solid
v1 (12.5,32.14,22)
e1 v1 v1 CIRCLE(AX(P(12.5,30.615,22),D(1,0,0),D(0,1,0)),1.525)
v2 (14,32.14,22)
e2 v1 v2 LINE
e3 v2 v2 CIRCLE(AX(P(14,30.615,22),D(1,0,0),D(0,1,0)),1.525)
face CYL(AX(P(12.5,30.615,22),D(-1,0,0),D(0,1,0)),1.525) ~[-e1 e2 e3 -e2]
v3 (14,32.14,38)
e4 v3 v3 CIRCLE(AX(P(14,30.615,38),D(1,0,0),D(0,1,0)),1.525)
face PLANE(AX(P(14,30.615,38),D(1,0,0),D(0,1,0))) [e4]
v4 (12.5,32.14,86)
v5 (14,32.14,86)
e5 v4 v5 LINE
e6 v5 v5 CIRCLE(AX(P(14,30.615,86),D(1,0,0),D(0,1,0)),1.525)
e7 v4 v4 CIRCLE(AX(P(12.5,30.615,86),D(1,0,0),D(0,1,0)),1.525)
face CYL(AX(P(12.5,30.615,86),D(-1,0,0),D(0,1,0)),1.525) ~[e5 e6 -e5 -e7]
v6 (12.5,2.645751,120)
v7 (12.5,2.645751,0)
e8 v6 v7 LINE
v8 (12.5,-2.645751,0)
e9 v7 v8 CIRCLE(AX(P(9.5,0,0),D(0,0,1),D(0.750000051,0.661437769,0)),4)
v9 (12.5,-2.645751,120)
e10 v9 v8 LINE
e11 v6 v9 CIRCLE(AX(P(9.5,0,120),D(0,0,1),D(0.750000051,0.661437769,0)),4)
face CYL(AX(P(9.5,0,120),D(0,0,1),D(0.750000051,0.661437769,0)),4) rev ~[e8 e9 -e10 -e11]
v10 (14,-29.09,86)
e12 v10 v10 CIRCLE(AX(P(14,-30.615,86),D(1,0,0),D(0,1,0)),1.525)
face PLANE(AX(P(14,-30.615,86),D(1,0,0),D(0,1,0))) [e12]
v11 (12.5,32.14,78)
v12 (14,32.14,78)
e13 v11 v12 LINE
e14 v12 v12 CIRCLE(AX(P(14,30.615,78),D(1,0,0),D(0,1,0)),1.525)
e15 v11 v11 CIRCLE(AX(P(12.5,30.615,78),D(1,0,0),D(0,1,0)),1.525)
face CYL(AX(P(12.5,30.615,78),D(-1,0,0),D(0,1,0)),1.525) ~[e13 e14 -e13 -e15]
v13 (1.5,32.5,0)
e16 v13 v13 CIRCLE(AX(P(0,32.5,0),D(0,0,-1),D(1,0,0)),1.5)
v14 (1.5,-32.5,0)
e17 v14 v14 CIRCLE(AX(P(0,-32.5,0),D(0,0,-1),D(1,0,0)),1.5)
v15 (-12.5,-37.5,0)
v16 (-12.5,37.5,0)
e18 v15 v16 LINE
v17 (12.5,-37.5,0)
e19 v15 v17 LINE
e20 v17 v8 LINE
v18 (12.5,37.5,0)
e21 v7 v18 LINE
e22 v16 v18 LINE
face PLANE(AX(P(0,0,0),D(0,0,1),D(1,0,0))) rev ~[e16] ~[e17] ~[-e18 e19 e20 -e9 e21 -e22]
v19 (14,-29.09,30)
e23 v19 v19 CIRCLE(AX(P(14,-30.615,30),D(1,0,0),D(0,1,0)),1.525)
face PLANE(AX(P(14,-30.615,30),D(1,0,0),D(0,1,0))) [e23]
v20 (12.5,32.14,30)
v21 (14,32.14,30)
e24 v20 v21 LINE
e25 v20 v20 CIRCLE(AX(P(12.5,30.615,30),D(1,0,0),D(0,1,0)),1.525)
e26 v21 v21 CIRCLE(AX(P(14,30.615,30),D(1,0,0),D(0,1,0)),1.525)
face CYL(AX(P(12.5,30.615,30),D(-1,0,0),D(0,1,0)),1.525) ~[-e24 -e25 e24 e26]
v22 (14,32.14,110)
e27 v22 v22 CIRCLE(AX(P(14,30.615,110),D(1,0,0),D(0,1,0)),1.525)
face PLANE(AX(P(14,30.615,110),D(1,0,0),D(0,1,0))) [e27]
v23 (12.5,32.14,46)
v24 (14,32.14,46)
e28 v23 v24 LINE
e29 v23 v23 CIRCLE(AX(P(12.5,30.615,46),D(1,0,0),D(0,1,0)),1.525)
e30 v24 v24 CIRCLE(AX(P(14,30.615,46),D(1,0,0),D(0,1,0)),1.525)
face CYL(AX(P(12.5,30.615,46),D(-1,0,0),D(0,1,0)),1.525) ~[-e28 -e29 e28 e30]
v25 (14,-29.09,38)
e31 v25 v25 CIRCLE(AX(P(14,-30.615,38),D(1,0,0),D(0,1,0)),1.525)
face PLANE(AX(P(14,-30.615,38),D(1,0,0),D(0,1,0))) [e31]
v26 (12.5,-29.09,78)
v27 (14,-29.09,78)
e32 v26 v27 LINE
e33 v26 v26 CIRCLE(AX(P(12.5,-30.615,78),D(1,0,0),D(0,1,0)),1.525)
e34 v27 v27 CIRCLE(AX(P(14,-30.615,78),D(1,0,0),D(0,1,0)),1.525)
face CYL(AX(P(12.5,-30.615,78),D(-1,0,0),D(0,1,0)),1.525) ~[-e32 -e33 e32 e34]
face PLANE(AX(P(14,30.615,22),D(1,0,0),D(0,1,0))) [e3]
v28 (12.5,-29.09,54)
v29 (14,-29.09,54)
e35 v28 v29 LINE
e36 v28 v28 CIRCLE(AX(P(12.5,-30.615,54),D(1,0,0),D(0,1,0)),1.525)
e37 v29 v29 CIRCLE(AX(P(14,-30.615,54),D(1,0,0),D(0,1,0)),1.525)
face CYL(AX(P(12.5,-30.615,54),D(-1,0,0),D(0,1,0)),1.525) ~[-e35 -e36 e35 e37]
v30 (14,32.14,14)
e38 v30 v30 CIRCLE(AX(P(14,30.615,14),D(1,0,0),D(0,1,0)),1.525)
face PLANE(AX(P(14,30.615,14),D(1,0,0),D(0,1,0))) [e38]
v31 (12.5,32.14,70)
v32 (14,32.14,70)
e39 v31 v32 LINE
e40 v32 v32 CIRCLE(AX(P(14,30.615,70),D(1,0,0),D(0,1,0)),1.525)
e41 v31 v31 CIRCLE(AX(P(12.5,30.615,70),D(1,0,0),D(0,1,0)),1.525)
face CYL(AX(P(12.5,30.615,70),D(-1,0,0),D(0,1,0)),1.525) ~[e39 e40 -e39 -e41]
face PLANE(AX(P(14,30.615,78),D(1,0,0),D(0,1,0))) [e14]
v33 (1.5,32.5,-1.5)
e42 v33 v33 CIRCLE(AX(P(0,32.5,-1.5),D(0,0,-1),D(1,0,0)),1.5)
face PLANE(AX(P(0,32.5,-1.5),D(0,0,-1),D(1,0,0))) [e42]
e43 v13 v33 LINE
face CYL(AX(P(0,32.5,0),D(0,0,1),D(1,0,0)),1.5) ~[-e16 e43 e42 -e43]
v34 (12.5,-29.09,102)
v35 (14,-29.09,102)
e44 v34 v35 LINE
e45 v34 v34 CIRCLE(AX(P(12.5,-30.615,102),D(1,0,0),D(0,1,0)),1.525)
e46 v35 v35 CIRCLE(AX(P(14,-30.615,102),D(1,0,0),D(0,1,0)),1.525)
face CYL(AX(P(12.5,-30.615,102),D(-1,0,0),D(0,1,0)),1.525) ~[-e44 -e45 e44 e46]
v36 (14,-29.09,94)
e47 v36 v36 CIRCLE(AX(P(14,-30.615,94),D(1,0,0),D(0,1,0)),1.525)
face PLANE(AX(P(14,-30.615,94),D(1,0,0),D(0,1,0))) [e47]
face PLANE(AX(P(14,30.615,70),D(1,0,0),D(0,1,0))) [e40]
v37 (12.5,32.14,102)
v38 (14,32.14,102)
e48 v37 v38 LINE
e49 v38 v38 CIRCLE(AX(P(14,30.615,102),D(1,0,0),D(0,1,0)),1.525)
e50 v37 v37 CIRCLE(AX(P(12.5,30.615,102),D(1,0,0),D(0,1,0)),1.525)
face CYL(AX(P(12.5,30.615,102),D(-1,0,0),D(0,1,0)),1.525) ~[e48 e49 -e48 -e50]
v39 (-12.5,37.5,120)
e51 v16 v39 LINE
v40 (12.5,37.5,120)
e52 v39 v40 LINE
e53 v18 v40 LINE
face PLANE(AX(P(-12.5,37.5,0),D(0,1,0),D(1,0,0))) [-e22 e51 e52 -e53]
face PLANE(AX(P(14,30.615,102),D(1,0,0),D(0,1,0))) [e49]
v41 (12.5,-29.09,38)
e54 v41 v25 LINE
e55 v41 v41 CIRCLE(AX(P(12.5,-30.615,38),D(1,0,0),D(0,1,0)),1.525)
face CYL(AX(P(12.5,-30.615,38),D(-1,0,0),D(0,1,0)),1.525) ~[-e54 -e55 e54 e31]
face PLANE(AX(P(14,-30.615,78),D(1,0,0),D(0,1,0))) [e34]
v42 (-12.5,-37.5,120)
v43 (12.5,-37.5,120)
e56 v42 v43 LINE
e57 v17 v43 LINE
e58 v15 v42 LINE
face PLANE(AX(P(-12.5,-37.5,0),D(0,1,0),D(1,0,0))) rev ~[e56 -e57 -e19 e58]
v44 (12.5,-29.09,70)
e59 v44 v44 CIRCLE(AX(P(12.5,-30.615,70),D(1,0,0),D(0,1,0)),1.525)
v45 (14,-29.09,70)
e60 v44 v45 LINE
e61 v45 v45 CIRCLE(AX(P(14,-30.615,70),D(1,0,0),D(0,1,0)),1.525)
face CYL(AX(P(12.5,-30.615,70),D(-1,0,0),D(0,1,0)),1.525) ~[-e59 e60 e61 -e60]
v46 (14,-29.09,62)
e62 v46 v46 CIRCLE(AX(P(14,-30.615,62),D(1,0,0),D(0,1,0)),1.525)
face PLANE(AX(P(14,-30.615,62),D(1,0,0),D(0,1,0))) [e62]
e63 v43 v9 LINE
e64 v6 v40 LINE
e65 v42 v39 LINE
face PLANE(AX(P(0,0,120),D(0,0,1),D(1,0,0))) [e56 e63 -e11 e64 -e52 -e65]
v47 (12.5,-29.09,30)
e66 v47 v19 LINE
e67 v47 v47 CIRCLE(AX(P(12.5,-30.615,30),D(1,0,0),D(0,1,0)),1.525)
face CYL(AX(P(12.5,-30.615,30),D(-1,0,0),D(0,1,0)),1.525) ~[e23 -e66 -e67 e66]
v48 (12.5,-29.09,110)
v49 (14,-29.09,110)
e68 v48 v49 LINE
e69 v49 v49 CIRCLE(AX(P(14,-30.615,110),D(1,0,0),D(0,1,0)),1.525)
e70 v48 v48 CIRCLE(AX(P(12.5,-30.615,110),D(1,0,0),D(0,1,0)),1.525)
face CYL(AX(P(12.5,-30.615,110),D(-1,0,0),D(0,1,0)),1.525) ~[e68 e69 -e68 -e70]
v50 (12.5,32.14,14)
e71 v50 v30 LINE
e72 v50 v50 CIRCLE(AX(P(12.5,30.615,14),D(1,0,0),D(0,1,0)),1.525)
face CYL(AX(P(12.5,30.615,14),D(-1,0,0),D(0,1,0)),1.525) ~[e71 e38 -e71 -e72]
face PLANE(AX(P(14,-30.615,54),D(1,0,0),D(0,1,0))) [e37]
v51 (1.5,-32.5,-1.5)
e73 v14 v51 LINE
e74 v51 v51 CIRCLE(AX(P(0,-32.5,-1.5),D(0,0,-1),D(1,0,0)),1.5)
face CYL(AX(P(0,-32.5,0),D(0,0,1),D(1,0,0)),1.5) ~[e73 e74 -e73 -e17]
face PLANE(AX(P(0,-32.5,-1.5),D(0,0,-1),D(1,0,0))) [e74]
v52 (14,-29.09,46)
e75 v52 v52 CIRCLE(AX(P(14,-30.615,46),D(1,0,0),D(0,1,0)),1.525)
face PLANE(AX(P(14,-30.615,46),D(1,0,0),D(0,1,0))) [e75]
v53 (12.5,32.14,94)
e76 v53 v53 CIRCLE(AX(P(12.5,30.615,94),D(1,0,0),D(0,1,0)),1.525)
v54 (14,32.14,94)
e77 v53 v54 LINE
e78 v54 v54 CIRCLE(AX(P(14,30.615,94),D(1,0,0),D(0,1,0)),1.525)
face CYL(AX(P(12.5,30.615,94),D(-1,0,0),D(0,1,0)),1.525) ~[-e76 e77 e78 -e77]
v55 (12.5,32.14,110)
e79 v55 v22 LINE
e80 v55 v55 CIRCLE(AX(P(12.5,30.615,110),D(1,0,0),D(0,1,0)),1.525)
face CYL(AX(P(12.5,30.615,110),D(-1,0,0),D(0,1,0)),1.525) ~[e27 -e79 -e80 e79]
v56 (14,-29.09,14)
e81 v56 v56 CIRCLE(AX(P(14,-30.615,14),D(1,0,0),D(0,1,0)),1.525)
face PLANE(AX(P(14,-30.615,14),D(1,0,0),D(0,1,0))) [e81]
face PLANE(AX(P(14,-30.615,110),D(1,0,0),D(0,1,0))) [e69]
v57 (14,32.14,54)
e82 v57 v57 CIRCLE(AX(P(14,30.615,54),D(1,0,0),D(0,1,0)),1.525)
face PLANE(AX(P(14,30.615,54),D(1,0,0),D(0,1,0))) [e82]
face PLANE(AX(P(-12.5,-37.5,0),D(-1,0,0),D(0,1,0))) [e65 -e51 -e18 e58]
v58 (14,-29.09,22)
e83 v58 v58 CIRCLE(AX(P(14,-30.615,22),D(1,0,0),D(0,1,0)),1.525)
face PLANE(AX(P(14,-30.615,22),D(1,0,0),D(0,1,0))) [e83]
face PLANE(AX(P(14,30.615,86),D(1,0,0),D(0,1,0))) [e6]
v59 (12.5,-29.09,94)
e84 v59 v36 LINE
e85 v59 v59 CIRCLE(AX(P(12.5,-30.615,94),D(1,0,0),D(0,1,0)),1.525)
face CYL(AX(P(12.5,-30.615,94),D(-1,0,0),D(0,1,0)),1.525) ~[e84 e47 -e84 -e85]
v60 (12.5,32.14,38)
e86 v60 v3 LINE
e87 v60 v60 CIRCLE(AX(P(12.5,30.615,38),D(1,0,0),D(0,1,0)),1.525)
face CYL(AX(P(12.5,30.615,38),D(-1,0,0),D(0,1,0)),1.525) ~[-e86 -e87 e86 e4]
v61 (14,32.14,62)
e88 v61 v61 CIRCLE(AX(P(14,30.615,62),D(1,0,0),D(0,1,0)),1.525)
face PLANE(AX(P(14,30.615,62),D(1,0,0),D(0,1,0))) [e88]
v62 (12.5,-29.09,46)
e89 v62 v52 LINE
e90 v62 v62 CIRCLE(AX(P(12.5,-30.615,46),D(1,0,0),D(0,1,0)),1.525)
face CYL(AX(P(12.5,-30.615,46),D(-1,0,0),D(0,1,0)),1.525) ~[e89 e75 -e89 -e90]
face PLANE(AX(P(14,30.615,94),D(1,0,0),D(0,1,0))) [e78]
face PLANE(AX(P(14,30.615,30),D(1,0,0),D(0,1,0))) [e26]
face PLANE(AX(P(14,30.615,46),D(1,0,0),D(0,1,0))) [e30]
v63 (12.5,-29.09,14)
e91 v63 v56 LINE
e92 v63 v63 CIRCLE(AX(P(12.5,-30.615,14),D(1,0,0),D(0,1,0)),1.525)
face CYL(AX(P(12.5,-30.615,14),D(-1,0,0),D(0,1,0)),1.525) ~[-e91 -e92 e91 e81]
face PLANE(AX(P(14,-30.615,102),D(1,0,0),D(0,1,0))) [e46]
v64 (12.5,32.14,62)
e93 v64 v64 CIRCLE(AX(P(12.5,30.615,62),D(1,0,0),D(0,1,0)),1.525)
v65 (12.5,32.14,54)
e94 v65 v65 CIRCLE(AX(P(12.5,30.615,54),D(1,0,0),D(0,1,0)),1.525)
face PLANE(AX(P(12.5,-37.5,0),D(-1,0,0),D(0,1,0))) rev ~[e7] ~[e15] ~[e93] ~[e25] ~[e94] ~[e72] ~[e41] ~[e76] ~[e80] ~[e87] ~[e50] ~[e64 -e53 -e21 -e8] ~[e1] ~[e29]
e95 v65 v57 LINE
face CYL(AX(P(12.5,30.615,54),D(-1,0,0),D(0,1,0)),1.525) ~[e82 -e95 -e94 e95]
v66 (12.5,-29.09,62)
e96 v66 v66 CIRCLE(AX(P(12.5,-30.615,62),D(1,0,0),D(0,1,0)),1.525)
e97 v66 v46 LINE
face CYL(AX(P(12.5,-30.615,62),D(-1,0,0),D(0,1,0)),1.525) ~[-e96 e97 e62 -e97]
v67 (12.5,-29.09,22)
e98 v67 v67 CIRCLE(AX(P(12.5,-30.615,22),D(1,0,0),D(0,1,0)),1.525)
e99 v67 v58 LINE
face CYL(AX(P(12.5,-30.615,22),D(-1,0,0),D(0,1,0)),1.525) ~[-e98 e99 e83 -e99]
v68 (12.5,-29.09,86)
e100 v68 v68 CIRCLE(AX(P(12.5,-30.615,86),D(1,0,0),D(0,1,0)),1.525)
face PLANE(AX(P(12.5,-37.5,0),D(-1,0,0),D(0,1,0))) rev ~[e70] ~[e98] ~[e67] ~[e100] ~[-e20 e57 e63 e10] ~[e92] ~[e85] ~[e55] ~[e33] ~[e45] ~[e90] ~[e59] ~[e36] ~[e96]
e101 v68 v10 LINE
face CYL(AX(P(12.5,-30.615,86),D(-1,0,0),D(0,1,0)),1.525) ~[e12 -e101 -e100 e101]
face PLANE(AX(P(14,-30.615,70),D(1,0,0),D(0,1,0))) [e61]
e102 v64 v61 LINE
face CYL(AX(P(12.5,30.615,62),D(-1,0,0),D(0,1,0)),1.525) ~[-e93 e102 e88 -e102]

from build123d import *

# Parameters (mm, degrees)
F0_W     = 25
F0_H     = 75
F1_DEPTH = 120
F2_R     = 1.525
F3_DEPTH = 1.5
F5_DEPTH = 120.001
F6_R     = 1.5
F7_DEPTH = 1.5


with BuildPart() as f1:
    # F0 (on Top) → F1 (new body)
    with BuildSketch(Plane.XY):
        Rectangle(F0_W, F0_H)
    extrude(amount=F1_DEPTH)

    # F2 (on face) → F3 (join)
    with BuildSketch(Plane.YZ.offset(12.5)):
        with Locations((-30.615, 110)):
            Circle(F2_R)
        with Locations((-30.615, 102)):
            Circle(F2_R)
        with Locations((-30.615, 94)):
            Circle(F2_R)
        with Locations((-30.615, 86)):
            Circle(F2_R)
        with Locations((-30.615, 78)):
            Circle(F2_R)
        with Locations((-30.615, 70)):
            Circle(F2_R)
        with Locations((-30.615, 62)):
            Circle(F2_R)
        with Locations((-30.615, 54)):
            Circle(F2_R)
        with Locations((-30.615, 46)):
            Circle(F2_R)
        with Locations((-30.615, 30)):
            Circle(F2_R)
        with Locations((-30.615, 38)):
            Circle(F2_R)
        with Locations((-30.615, 22)):
            Circle(F2_R)
        with Locations((-30.615, 14)):
            Circle(F2_R)
        with Locations((30.615, 110)):
            Circle(F2_R)
        with Locations((30.615, 102)):
            Circle(F2_R)
        with Locations((30.615, 94)):
            Circle(F2_R)
        with Locations((30.615, 86)):
            Circle(F2_R)
        with Locations((30.615, 78)):
            Circle(F2_R)
        with Locations((30.615, 70)):
            Circle(F2_R)
        with Locations((30.615, 62)):
            Circle(F2_R)
        with Locations((30.615, 54)):
            Circle(F2_R)
        with Locations((30.615, 46)):
            Circle(F2_R)
        with Locations((30.615, 38)):
            Circle(F2_R)
        with Locations((30.615, 30)):
            Circle(F2_R)
        with Locations((30.615, 22)):
            Circle(F2_R)
        with Locations((30.615, 14)):
            Circle(F2_R)
    extrude(amount=F3_DEPTH)

    # F4 (on face) → F5 (cut, through all)
    with BuildSketch(Plane.XY.offset(120)):
        with BuildLine():
            ThreePointArc((12.5, 2.645751), (5.5, 0), (12.5, -2.645751))
            Line((12.5, -2.645751), (12.5, 2.645751))
        make_face()
    extrude(amount=-F5_DEPTH, mode=Mode.SUBTRACT)

    # F6 (on face) → F7 (join)
    with BuildSketch(Plane(origin=(0, 0, 0), x_dir=(1, 0, 0), z_dir=(0, 0, -1))):
        with Locations((0, 32.5)):
            Circle(F6_R)
        with Locations((0, -32.5)):
            Circle(F6_R)
    extrude(amount=F7_DEPTH)


solid = f1.part
